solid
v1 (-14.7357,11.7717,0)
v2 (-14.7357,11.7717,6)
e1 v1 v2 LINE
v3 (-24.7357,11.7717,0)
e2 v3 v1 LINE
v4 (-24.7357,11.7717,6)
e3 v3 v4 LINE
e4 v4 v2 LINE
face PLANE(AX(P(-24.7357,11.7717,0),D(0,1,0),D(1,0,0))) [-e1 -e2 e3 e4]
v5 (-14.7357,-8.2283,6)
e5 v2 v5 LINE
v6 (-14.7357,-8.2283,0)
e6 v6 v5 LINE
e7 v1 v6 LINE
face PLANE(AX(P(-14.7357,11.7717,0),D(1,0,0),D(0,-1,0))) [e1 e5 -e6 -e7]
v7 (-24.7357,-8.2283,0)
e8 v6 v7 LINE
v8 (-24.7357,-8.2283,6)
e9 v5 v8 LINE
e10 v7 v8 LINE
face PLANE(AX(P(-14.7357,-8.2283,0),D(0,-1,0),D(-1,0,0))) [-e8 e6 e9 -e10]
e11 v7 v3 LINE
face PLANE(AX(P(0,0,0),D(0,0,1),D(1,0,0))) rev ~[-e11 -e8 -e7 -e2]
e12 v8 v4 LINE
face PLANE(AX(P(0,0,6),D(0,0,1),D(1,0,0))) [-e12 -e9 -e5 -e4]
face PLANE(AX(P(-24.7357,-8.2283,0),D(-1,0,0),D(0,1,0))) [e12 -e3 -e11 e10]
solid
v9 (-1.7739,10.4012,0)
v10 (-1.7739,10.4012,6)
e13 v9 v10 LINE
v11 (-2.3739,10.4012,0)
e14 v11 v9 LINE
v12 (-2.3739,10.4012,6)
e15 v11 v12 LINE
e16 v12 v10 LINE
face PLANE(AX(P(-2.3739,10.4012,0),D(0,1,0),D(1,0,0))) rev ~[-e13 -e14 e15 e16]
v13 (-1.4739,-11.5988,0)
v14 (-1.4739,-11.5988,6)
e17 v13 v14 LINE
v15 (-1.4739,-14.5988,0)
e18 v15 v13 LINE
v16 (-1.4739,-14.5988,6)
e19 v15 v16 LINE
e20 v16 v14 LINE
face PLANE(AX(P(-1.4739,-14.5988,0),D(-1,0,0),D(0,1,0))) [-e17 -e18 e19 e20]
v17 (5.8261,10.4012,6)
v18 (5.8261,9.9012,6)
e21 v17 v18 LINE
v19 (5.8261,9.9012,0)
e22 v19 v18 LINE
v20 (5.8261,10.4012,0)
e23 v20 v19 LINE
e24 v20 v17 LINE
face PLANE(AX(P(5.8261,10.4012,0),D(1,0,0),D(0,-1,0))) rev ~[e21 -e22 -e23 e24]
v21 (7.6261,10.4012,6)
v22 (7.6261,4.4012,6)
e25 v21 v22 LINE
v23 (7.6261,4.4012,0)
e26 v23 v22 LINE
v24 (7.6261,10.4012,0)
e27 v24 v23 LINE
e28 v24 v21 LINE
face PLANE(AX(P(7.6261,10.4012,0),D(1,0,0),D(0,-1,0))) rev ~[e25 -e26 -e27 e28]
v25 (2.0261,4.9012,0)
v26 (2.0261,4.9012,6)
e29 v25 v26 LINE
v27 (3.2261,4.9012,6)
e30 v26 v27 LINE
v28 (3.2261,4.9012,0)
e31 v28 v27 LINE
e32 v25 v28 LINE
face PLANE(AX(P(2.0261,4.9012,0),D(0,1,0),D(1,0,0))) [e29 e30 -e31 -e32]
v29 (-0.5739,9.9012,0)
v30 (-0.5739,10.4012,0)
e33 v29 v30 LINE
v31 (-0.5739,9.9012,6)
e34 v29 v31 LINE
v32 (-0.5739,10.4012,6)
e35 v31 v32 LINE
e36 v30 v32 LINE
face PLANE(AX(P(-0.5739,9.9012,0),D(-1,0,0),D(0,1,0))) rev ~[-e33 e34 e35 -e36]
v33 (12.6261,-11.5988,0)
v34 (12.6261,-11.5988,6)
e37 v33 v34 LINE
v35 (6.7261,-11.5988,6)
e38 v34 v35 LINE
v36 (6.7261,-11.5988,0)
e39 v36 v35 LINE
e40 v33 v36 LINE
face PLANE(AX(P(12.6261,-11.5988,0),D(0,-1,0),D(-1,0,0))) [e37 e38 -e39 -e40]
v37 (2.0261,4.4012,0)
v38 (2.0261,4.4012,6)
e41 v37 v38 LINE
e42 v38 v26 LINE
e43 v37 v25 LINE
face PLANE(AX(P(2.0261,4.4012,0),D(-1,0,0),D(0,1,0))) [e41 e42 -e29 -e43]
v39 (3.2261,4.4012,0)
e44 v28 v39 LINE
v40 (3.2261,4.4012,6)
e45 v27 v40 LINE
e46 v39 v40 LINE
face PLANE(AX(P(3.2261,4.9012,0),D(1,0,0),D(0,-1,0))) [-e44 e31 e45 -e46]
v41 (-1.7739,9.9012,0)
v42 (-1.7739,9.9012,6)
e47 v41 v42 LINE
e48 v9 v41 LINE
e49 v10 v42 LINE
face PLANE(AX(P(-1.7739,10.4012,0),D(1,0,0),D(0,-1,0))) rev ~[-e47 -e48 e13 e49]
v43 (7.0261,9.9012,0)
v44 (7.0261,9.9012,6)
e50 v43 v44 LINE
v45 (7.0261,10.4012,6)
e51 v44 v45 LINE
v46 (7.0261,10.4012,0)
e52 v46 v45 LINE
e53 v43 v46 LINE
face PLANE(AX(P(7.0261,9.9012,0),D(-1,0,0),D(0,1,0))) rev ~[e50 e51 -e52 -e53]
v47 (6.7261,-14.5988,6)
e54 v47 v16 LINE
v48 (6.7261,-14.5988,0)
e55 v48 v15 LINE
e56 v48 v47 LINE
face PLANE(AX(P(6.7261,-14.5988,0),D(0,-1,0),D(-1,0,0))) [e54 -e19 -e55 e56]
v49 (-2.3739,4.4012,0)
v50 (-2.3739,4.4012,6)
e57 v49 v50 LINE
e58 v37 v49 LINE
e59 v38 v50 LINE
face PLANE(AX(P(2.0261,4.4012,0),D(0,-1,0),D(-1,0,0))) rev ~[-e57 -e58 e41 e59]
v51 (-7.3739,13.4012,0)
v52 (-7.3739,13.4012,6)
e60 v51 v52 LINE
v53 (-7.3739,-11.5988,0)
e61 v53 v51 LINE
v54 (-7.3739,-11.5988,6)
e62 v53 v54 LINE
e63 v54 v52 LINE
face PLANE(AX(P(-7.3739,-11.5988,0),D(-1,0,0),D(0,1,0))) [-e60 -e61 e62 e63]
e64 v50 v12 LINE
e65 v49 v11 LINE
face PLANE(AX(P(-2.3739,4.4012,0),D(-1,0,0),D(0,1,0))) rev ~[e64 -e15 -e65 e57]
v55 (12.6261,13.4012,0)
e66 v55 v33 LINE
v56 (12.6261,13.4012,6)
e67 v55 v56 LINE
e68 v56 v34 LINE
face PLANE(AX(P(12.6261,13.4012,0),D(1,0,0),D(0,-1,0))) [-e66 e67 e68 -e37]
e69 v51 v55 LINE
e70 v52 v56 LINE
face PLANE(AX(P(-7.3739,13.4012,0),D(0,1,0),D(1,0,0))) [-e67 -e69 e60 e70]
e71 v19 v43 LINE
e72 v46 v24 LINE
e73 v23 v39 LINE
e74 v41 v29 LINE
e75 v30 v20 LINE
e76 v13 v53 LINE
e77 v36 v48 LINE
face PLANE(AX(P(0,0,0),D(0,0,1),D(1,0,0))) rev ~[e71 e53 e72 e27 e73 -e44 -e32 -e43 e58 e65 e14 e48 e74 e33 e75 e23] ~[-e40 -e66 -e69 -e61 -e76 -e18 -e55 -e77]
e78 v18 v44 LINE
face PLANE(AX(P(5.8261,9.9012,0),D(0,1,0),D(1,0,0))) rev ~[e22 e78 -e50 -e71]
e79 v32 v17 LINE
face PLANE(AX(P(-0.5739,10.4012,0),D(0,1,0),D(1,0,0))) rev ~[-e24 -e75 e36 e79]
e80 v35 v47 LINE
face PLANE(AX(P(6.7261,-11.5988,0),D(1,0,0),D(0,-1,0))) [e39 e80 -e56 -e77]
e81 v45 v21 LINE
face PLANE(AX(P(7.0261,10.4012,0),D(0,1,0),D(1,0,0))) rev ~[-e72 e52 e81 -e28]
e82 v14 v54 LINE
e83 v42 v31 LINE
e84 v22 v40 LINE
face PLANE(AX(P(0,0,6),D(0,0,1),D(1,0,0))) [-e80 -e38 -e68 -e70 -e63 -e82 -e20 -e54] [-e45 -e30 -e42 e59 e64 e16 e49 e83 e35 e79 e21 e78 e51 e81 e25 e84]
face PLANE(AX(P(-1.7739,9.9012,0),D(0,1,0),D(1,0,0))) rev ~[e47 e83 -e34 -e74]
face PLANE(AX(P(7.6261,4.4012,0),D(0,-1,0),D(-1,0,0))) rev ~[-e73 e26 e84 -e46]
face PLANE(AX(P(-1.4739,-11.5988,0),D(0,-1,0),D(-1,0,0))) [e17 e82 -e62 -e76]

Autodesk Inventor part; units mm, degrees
ref_plane "YZ Plane" through (0, 0, 0) normal (1, 0, 0) x (0, 1, 0)
ref_plane "XZ Plane" through (0, 0, 0) normal (0, 1, 0) x (-1, 0, 0)
ref_plane "XY Plane" through (0, 0, 0) normal (0, 0, 1) x (1, 0, 0)
sketch "Esquisse1" plane through (0, 0, 0) normal (0, 0, 1) x (1, 0, 0)
  line L0 (-7.3739, 13.4012) -> (12.6261, 13.4012)
  line L1 (12.6261, 13.4012) -> (12.6261, -11.5988)
  line L2 (12.6261, -11.5988) -> (6.7261, -11.5988)
  line L3 (6.7261, -11.5988) -> (6.7261, -14.5988)
  line L4 (6.7261, -14.5988) -> (-1.4739, -14.5988)
  line L5 (-1.4739, -14.5988) -> (-1.4739, -11.5988)
  line L6 (-1.4739, -11.5988) -> (-7.3739, -11.5988)
  line L7 (-7.3739, -11.5988) -> (-7.3739, 13.4012)
  line L8 (-7.3739, 13.4012) -> (2.6261, 13.4012) construction
  line L9 (2.6261, 13.4012) -> (12.6261, 13.4012) construction
  line L10 (2.6261, 5.1758) -> (2.6261, -12.1236) construction
  line L11 (-1.4739, -14.5988) -> (2.6261, -14.5988) construction
  line L12 (2.6261, -14.5988) -> (6.7261, -14.5988) construction
  line L13 (-2.3739, 10.4012) -> (7.6261, 10.4012)
  line L14 (7.6261, 10.4012) -> (7.6261, 4.4012)
  line L15 (7.6261, 4.4012) -> (-2.3739, 4.4012)
  line L16 (-2.3739, 4.4012) -> (-2.3739, 10.4012)
  line L17 (-24.7357, 11.7717) -> (-14.7357, 11.7717)
  line L18 (-14.7357, 11.7717) -> (-14.7357, -8.2283)
  line L19 (-14.7357, -8.2283) -> (-24.7357, -8.2283)
  line L20 (-24.7357, -8.2283) -> (-24.7357, 11.7717)
  line L21 (-1.7739, 10.4012) -> (-1.7739, 9.9012)
  line L22 (-1.7739, 9.9012) -> (-0.5739, 9.9012)
  line L23 (-0.5739, 9.9012) -> (-0.5739, 10.4012)
  line L24 (5.8261, 10.4012) -> (5.8261, 9.9012)
  line L25 (5.8261, 9.9012) -> (7.0261, 9.9012)
  line L26 (7.0261, 9.9012) -> (7.0261, 10.4012)
  line L27 (2.0261, 4.4012) -> (2.0261, 4.9012)
  line L28 (2.0261, 4.9012) -> (3.2261, 4.9012)
  line L29 (3.2261, 4.9012) -> (3.2261, 4.4012)
  line L30 (-2.3739, 10.4012) -> (2.6261, 10.4012) construction
  line L31 (2.6261, 10.4012) -> (7.6261, 10.4012) construction
  point P0 (0, 0)
  point P1 (1, 1)
  dimension "d0" = 20
  dimension "d1" = 8.2
  dimension "d2" = 25
  dimension "d4" = 6
  dimension "d5" = 3
  dimension "d6" = 10
  dimension "d7" = 10
  dimension "d8" = 20
  dimension "d9" = 1.2
  dimension "d10" = 0.5
  dimension "d11" = 0.5
  dimension "d12" = 0.6
  dimension "d13" = 0.6
  dimension "d14" = 4.4
  dimension "d34" = 3
extrude "Extrusion1" add sketch "Esquisse1" along normal blind 6 contours L0 L1 L2 L3 L4 L5 L6 L7 | L13 L23 L22 L21 | L27 L28 L29 L15 | L13 L26 L25 L24 | L17 L18 L19 L20
equation "\"d0\" = L_modules"
equation "\"d1\" = L_metabois"
equation "\"d6\" = 0.5 * d0"
equation "\"d9\" = L_trou_int"
equation "\"d10\" = H_trou_int"
equation "\"d11\" = H_trou_int"
equation "\"d12\" = pos_trou_int_1"
equation "\"d13\" = pos_trou_int_1"
equation "\"d14\" = 0.5 * d6 - 0.5 * d9"
equation "\"d32\" = epaisseur_modules"
equation "\"epaisseur\" = 6"
equation "\"ecartement\" = 25"
equation "\"dvis\" = 3"
equation "\"largeur\" = 32"
equation "\"L_attache_carte\" = 15"
equation "\"marge_attache_carte\" = 5"
equation "\"L_cubi\" = 81.6"
equation "\"largeur_cubi\" = 81.6"
equation "\"L_moteur\" = 28.3"
equation "\"marge_trou\" = 2"
equation "\"taille_trou\" = 7"
equation "\"H_cubi\" = 81.6"
equation "\"epaisseur_wheel\" = 9"
equation "\"H_nez\" = 25"
equation "\"chanfrein\" = 0.5"
equation "\"H_trou_int\" = 0.5"
equation "\"L_trou_int\" = 1.2"
equation "\"pos_trou_int_1\" = 0.6"
equation "\"pos_trou_int_2\" = 2.9"
equation "\"epaisseur_metabois\" = 3"
equation "\"L_metabois\" = 8.2"
equation "\"epaisseur_modules\" = 6"
equation "\"L_modules\" = 20"
equation "\"d28\" = 8.2"
equation "\"d29\" = 1"
equation "\"d30\" = 0.4"
equation "\"d31\" = 0.5"
properties part number "for_metabois"
